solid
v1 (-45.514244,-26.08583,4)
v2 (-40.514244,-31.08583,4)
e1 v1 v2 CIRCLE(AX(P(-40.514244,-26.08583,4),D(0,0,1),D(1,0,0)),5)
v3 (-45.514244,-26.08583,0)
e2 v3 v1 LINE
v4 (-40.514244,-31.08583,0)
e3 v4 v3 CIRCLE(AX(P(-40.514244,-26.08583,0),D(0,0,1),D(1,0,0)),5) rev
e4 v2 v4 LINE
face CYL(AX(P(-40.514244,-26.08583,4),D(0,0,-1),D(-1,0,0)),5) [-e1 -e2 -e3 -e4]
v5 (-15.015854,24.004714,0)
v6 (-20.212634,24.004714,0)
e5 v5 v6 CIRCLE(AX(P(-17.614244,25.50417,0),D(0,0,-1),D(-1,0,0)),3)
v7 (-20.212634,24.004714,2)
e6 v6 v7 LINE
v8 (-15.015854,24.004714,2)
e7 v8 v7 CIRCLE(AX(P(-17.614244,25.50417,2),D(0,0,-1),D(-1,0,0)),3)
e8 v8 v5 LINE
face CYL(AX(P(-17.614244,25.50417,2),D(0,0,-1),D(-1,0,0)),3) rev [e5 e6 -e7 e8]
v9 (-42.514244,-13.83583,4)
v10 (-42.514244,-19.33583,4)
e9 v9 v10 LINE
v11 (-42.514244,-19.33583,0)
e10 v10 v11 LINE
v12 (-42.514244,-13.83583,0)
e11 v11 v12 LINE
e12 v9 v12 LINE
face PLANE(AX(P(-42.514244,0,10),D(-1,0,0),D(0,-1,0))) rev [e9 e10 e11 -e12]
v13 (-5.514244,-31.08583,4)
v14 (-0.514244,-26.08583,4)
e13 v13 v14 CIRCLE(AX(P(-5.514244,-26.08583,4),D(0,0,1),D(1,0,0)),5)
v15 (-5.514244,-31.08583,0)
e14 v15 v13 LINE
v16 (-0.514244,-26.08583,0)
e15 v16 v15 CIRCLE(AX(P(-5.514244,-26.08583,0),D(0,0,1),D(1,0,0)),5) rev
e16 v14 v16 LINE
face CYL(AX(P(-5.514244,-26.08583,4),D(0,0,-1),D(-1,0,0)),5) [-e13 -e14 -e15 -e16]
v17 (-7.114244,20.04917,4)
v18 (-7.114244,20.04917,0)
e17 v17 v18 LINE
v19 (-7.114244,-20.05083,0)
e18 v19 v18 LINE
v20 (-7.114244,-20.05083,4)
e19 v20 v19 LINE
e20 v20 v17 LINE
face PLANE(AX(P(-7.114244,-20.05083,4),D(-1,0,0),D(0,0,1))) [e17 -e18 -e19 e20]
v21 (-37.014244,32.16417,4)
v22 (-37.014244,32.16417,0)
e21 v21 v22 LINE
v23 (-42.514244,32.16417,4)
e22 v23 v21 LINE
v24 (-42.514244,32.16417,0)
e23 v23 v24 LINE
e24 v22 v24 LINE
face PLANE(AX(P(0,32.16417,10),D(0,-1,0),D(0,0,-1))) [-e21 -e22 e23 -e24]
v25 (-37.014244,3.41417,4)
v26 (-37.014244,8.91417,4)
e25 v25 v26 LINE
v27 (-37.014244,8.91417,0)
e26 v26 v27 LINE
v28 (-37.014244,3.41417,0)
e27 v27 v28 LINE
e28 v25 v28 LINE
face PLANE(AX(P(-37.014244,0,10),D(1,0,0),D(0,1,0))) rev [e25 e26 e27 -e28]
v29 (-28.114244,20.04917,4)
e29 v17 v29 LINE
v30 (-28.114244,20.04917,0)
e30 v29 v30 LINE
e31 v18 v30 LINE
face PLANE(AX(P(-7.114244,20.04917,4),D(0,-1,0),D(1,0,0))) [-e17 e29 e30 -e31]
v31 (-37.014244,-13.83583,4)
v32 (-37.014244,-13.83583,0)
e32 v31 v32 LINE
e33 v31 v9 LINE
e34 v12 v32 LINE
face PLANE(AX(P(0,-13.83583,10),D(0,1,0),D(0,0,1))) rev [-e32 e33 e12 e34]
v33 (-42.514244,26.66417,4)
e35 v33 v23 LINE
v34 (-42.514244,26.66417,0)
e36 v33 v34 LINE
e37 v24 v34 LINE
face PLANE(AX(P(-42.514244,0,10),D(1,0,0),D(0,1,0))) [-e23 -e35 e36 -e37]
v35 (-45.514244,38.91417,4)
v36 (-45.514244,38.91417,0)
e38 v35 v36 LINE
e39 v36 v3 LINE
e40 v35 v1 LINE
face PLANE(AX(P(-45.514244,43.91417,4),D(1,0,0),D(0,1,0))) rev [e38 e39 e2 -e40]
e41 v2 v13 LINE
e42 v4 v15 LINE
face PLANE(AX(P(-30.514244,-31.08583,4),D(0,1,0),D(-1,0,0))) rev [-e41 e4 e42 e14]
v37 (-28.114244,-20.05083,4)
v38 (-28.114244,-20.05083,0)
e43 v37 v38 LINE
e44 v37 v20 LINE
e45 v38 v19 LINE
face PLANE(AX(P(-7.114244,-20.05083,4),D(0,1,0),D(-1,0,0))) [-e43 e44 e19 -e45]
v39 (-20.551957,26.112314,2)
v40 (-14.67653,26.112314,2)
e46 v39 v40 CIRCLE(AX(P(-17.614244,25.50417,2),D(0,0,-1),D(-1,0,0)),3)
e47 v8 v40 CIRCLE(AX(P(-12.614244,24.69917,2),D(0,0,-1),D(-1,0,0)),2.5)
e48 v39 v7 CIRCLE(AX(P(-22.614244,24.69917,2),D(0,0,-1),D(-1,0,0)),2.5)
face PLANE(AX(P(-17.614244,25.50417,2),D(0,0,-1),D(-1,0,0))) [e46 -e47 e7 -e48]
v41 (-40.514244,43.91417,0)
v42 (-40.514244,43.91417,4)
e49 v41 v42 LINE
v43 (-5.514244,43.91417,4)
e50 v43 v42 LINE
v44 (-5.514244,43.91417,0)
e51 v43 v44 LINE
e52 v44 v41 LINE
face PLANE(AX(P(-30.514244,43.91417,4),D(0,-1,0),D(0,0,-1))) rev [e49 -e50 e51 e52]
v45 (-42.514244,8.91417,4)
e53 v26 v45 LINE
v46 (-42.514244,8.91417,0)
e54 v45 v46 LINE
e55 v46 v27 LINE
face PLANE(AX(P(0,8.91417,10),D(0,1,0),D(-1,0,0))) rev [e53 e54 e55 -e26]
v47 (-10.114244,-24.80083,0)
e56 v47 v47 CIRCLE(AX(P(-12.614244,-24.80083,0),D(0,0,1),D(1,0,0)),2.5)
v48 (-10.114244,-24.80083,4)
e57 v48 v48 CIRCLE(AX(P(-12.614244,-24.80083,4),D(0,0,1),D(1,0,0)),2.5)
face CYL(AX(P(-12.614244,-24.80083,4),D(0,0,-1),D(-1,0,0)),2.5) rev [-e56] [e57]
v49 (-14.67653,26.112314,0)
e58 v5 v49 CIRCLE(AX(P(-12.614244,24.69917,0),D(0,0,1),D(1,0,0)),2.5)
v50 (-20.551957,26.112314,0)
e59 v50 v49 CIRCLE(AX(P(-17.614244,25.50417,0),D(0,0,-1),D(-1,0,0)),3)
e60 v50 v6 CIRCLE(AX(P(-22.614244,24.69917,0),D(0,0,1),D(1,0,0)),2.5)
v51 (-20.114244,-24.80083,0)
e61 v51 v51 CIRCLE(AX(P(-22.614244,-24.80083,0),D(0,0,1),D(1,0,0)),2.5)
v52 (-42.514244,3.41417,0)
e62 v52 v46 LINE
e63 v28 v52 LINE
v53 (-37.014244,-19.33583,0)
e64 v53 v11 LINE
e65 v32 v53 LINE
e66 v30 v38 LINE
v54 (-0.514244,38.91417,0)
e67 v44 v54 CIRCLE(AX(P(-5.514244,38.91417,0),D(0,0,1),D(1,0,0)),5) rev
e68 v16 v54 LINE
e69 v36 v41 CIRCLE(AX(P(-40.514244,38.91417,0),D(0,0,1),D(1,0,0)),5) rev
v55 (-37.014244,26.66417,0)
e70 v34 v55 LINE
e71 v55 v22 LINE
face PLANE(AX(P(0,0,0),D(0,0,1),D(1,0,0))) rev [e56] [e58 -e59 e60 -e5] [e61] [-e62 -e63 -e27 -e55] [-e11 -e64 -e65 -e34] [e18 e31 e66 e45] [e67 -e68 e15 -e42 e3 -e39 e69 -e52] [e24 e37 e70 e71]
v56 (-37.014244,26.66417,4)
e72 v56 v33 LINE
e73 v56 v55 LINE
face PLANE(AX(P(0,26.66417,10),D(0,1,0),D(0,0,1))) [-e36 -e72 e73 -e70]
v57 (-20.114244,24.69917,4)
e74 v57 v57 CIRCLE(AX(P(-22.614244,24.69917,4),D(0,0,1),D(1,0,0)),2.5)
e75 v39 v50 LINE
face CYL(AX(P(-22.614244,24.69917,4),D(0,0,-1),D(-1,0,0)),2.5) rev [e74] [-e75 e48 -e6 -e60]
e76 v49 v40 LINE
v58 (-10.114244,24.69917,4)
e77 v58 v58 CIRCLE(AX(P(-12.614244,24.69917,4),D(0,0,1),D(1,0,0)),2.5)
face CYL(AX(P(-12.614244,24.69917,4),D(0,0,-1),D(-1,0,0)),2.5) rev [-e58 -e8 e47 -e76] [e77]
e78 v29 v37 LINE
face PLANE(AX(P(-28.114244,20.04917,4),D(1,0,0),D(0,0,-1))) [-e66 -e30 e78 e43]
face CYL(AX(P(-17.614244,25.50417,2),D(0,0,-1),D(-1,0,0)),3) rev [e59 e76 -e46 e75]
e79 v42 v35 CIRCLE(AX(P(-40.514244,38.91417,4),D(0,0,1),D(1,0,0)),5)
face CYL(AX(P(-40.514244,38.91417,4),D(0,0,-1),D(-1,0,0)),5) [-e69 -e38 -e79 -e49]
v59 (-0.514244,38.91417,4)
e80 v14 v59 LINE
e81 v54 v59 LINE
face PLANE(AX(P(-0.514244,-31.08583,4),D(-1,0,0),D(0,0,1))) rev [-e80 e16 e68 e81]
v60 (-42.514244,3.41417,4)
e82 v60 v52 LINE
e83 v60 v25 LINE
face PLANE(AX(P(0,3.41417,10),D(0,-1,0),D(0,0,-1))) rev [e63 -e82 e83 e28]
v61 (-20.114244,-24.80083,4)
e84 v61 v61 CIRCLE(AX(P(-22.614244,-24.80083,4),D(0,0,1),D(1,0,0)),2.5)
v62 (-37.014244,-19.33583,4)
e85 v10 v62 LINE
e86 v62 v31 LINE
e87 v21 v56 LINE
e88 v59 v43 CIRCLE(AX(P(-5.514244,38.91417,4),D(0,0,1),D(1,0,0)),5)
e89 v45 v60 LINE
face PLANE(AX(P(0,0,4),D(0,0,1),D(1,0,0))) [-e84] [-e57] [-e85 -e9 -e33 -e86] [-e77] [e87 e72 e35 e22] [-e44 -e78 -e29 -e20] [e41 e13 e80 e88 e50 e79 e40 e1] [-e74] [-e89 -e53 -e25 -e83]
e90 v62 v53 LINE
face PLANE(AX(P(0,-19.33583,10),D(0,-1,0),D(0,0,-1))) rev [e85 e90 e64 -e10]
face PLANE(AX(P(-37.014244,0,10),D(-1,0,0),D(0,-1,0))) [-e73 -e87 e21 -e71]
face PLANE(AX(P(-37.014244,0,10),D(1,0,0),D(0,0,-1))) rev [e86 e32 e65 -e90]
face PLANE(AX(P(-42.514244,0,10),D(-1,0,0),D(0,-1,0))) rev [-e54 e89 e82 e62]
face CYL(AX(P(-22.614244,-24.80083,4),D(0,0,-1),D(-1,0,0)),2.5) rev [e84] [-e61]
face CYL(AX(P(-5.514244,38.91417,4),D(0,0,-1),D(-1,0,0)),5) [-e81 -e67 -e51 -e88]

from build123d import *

# Parameters (mm, degrees)
SKETCH_4_R          = 2.5
SKETCH_4_W          = 21
SKETCH_4_H          = 40.1
EXTRUDE_1_DEPTH     = 4
SKETCH_5_W          = 5.5
SKETCH_5_H          = 5.5
CUT_EXTRUDE_5_DEPTH = 10
FILLET_1_R          = 5
SKETCH_6_R          = 3
CUT_EXTRUDE_6_DEPTH = 2


with BuildPart() as part:
    # 草图4 → 凸台-拉伸1 (new body)
    with BuildSketch(Plane.XY):
        Polygon((-30.514243596, -31.085830111), (-0.514243596, -31.085830111), (-0.514243596, 43.914169889), (-30.514243596, 43.914169889), (-45.514243596, 43.914169889), (-45.514243596, -31.085830111), align=None)
        with Locations((-22.614243596, 24.699169889)):
            Circle(SKETCH_4_R, mode=Mode.SUBTRACT)
        with Locations((-12.614243596, 24.699169889)):
            Circle(SKETCH_4_R, mode=Mode.SUBTRACT)
        with Locations((-12.614243596, -24.800830111)):
            Circle(SKETCH_4_R, mode=Mode.SUBTRACT)
        with Locations((-22.614243596, -24.800830111)):
            Circle(SKETCH_4_R, mode=Mode.SUBTRACT)
        with Locations((-17.614243596, -0.000830111)):
            Rectangle(SKETCH_4_W, SKETCH_4_H, mode=Mode.SUBTRACT)
    extrude(amount=EXTRUDE_1_DEPTH)

    # 草图5 → 切除-拉伸5 (cut)
    with BuildSketch(Plane(origin=(0, 0, 0), x_dir=(-1, 0, 0), z_dir=(0, 0, -1))):
        Polygon((42.514243596, 3.414169889), (42.514243596, 6.414169889), (42.514243596, 8.914169889), (37.014243596, 8.914169889), (37.014243596, 3.414169889), align=None)
        with Locations((39.764243596, 29.414169889)):
            Rectangle(SKETCH_5_W, SKETCH_5_H)
        with Locations((39.764243596, -16.585830111)):
            Rectangle(SKETCH_5_W, SKETCH_5_H)
    extrude(amount=-CUT_EXTRUDE_5_DEPTH, mode=Mode.SUBTRACT)

    # 圆角1
    fillet_1_edges = [part.edges().sort_by_distance(p)[0] for p in [
        (-45.514243596, -31.085830111, 2),
        (-45.514243596, 43.914169889, 2),
        (-0.514243596, 43.914169889, 2),
        (-0.514243596, -31.085830111, 2),
    ]]
    fillet(fillet_1_edges, radius=FILLET_1_R)

    # 草图6 → 切除-拉伸6 (cut)
    with BuildSketch(Plane(origin=(0, 0, 0), x_dir=(-1, 0, 0), z_dir=(0, 0, -1))):
        with Locations((17.614243596, 25.504169889)):
            Circle(SKETCH_6_R)
    extrude(amount=-CUT_EXTRUDE_6_DEPTH, mode=Mode.SUBTRACT)


solid = part.part
